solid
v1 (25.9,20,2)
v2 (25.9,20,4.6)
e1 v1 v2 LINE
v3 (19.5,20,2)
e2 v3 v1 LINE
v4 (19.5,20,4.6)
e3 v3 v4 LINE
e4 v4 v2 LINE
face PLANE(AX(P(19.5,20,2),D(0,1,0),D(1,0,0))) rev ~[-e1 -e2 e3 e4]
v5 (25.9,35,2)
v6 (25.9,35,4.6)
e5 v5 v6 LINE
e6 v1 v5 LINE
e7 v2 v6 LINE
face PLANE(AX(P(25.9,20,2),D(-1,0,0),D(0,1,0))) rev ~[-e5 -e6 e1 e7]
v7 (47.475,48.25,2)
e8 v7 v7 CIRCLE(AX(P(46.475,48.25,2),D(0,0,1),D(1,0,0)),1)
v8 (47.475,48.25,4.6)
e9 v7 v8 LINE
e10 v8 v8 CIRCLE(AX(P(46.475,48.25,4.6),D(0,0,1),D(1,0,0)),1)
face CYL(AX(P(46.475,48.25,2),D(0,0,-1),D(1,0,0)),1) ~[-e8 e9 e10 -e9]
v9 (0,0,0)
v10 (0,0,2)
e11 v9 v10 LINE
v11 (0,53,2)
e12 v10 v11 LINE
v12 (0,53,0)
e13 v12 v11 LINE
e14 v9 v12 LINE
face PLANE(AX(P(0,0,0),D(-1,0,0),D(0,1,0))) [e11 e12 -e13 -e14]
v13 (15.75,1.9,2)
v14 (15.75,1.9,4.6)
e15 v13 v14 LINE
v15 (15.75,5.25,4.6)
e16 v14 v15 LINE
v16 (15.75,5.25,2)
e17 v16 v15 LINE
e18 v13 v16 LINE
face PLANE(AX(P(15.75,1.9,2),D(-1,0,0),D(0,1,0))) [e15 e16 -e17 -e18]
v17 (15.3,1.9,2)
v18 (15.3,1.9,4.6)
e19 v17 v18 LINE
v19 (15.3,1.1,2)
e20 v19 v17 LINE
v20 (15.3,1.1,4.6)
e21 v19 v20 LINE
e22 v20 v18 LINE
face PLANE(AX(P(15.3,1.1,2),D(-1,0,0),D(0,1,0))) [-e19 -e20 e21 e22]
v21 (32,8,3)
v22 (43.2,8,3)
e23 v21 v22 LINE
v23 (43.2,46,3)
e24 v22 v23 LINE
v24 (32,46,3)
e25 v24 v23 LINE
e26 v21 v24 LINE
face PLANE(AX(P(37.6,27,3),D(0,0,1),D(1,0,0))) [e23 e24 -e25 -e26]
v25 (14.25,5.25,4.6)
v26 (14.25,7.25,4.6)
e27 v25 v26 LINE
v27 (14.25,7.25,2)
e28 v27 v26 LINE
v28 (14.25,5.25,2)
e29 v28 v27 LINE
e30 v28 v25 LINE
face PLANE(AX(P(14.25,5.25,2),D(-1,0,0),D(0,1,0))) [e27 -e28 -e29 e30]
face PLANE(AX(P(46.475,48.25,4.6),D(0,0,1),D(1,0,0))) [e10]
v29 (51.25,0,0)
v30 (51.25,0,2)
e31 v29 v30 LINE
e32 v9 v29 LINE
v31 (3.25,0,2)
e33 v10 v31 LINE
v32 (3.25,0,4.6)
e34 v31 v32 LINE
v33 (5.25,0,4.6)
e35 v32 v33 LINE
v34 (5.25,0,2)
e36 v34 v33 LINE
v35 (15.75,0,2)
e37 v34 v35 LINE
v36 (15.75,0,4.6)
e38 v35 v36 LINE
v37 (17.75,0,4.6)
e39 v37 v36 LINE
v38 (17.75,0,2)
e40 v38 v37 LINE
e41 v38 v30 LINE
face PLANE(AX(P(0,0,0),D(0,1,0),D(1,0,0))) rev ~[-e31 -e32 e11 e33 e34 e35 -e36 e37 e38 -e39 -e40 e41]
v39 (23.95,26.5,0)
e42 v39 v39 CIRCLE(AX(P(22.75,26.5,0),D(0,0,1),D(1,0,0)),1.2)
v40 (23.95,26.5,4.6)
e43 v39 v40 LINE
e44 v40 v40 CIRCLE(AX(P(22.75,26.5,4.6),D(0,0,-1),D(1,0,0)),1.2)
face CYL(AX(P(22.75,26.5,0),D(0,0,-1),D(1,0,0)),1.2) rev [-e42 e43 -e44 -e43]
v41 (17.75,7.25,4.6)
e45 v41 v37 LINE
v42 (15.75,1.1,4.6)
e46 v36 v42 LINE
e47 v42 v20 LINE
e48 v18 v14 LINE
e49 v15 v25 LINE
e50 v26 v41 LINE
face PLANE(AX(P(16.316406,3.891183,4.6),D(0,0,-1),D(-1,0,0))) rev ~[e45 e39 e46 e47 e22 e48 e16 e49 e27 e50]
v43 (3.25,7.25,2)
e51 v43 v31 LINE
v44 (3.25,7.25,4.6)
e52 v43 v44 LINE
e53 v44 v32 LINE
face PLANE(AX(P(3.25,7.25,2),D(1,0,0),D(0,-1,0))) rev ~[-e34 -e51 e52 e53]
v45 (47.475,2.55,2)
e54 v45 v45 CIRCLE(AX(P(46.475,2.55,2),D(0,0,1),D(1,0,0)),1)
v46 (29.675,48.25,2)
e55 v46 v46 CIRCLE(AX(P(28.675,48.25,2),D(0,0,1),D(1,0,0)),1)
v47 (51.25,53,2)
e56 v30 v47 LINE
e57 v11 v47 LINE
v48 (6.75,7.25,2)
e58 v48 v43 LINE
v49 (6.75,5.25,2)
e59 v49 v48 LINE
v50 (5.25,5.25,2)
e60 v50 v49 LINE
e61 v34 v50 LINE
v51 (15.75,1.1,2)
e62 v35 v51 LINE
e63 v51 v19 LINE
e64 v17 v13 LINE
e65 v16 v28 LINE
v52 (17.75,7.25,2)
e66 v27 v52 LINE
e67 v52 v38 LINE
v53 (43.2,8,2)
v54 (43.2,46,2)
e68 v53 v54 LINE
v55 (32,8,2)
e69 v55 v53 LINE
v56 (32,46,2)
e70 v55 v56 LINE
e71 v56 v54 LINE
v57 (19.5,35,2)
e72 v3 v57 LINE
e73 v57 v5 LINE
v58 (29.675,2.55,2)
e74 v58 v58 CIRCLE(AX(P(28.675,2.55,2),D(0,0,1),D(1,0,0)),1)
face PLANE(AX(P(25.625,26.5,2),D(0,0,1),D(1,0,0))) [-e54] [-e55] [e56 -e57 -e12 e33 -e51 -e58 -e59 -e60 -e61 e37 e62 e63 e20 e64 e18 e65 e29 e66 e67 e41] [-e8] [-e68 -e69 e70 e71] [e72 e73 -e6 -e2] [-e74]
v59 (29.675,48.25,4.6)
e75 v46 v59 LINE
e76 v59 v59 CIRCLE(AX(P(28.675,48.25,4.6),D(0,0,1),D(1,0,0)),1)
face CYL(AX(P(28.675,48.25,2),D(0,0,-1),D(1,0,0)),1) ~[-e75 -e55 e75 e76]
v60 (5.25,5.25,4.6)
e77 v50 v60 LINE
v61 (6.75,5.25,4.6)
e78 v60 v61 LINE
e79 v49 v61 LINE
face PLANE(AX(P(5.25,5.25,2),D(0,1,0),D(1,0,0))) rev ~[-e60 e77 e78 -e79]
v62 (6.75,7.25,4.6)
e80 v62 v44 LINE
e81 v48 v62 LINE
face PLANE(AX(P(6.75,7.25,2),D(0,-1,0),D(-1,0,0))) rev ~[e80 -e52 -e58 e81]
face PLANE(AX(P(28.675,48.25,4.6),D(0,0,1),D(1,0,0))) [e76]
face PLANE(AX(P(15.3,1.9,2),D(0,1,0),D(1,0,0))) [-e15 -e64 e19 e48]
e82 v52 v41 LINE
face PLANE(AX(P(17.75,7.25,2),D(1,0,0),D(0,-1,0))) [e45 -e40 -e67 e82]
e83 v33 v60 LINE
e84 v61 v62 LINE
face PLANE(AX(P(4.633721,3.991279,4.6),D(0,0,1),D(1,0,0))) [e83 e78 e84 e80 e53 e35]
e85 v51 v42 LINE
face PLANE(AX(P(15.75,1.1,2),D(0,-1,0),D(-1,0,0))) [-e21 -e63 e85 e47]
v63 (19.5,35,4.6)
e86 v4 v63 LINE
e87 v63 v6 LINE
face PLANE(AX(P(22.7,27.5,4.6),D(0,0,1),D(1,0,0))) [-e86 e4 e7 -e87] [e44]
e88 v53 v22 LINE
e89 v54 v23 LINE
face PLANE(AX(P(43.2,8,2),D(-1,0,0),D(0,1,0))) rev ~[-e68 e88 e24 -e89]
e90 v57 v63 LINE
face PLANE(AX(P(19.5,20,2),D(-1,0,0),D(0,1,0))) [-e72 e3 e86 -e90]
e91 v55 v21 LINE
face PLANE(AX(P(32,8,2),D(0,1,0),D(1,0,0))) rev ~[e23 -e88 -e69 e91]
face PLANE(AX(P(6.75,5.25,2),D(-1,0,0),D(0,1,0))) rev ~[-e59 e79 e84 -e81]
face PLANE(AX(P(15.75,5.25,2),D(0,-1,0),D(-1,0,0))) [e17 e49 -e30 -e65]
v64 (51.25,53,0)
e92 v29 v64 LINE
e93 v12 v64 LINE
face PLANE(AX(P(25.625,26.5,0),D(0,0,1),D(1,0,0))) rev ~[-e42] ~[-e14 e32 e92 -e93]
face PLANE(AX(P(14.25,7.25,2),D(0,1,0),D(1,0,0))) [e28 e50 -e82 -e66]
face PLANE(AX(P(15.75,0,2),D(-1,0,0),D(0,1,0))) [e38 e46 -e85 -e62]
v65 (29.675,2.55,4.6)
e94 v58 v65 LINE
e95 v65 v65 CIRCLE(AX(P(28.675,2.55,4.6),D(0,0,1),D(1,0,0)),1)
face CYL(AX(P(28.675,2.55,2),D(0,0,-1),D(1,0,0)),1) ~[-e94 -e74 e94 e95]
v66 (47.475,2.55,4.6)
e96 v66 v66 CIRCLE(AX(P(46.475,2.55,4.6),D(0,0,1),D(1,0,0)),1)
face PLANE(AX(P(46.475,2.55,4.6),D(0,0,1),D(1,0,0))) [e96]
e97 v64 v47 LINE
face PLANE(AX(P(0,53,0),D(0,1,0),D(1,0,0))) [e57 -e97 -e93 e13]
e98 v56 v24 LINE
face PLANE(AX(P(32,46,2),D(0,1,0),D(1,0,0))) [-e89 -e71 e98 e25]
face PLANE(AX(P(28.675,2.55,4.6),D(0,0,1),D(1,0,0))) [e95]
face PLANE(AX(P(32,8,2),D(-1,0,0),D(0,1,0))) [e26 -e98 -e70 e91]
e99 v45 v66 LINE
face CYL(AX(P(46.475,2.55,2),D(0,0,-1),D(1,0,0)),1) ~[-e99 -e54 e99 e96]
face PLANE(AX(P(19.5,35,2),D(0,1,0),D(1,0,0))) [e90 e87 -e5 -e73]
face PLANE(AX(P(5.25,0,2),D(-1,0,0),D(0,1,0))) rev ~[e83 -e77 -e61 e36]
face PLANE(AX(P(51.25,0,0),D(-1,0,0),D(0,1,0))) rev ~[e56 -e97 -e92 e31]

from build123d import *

# Parameters (mm, degrees)
SKETCH013_R      = 1.65
EXTRUDE009_DEPTH = 5
SKETCH015_R      = 1.2
EXTRUDE011_DEPTH = 10
SKETCH006_W      = 11.2
SKETCH006_H      = 38
EXTRUDE001_DEPTH = 1
SKETCH007_R      = 1
SKETCH007_W      = 6.4
SKETCH007_H      = 15
EXTRUDE005_DEPTH = 2.6
SKETCH005_W      = 51.25
SKETCH005_H      = 53
EXTRUDE_DEPTH    = 2


with BuildPart() as basecut001:
    # Sketch013 → Extrude009 (new body)
    with BuildSketch(Plane.XY.offset(10.25)):
        with Locations((22.75, 26.5)):
            Circle(SKETCH013_R)
    extrude(amount=-EXTRUDE009_DEPTH)


with BuildPart() as basecuts:
    # Sketch015 → Extrude011 (new body)
    with BuildSketch(Plane.XY):
        with Locations((22.75, 26.5)):
            Circle(SKETCH015_R)
    extrude(amount=EXTRUDE011_DEPTH)

    # Fusion006: union baseCut001
    add(basecut001.part)


with BuildPart() as base002:
    # Sketch006 → Extrude001 (new body)
    with BuildSketch(Plane.XY.offset(2)):
        with Locations((37.6, 27)):
            Rectangle(SKETCH006_W, SKETCH006_H)
    extrude(amount=EXTRUDE001_DEPTH)


with BuildPart() as base003:
    # Sketch007 → Extrude005 (new body)
    with BuildSketch(Plane.XY.offset(2)):
        with Locations((28.675, 48.25)):
            Circle(SKETCH007_R)
        with Locations((46.475, 48.25)):
            Circle(SKETCH007_R)
        with Locations((28.675, 2.55)):
            Circle(SKETCH007_R)
        with Locations((46.475, 2.55)):
            Circle(SKETCH007_R)
        Polygon((3.25, 0), (5.25, 0), (5.25, 5.25), (6.75, 5.25), (6.75, 7.25), (3.25, 7.25), align=None)
        Polygon((17.75, 0), (15.75, 0), (15.75, 1.1), (15.3, 1.1), (15.3, 1.9), (15.75, 1.9), (15.75, 5.25), (14.25, 5.25), (14.25, 7.25), (17.75, 7.25), align=None)
        with Locations((22.7, 27.5)):
            Rectangle(SKETCH007_W, SKETCH007_H)
    extrude(amount=EXTRUDE005_DEPTH)


with BuildPart() as bottom:
    # Sketch005 → Extrude (new body)
    with BuildSketch(Plane.XY):
        with Locations((25.625, 26.5)):
            Rectangle(SKETCH005_W, SKETCH005_H)
    extrude(amount=EXTRUDE_DEPTH)

    # Fusion002: union base002, base003
    add(base002.part)
    add(base003.part)

    # Cut001: cut baseCuts
    add(basecuts.part, mode=Mode.SUBTRACT)


solid = bottom.part
